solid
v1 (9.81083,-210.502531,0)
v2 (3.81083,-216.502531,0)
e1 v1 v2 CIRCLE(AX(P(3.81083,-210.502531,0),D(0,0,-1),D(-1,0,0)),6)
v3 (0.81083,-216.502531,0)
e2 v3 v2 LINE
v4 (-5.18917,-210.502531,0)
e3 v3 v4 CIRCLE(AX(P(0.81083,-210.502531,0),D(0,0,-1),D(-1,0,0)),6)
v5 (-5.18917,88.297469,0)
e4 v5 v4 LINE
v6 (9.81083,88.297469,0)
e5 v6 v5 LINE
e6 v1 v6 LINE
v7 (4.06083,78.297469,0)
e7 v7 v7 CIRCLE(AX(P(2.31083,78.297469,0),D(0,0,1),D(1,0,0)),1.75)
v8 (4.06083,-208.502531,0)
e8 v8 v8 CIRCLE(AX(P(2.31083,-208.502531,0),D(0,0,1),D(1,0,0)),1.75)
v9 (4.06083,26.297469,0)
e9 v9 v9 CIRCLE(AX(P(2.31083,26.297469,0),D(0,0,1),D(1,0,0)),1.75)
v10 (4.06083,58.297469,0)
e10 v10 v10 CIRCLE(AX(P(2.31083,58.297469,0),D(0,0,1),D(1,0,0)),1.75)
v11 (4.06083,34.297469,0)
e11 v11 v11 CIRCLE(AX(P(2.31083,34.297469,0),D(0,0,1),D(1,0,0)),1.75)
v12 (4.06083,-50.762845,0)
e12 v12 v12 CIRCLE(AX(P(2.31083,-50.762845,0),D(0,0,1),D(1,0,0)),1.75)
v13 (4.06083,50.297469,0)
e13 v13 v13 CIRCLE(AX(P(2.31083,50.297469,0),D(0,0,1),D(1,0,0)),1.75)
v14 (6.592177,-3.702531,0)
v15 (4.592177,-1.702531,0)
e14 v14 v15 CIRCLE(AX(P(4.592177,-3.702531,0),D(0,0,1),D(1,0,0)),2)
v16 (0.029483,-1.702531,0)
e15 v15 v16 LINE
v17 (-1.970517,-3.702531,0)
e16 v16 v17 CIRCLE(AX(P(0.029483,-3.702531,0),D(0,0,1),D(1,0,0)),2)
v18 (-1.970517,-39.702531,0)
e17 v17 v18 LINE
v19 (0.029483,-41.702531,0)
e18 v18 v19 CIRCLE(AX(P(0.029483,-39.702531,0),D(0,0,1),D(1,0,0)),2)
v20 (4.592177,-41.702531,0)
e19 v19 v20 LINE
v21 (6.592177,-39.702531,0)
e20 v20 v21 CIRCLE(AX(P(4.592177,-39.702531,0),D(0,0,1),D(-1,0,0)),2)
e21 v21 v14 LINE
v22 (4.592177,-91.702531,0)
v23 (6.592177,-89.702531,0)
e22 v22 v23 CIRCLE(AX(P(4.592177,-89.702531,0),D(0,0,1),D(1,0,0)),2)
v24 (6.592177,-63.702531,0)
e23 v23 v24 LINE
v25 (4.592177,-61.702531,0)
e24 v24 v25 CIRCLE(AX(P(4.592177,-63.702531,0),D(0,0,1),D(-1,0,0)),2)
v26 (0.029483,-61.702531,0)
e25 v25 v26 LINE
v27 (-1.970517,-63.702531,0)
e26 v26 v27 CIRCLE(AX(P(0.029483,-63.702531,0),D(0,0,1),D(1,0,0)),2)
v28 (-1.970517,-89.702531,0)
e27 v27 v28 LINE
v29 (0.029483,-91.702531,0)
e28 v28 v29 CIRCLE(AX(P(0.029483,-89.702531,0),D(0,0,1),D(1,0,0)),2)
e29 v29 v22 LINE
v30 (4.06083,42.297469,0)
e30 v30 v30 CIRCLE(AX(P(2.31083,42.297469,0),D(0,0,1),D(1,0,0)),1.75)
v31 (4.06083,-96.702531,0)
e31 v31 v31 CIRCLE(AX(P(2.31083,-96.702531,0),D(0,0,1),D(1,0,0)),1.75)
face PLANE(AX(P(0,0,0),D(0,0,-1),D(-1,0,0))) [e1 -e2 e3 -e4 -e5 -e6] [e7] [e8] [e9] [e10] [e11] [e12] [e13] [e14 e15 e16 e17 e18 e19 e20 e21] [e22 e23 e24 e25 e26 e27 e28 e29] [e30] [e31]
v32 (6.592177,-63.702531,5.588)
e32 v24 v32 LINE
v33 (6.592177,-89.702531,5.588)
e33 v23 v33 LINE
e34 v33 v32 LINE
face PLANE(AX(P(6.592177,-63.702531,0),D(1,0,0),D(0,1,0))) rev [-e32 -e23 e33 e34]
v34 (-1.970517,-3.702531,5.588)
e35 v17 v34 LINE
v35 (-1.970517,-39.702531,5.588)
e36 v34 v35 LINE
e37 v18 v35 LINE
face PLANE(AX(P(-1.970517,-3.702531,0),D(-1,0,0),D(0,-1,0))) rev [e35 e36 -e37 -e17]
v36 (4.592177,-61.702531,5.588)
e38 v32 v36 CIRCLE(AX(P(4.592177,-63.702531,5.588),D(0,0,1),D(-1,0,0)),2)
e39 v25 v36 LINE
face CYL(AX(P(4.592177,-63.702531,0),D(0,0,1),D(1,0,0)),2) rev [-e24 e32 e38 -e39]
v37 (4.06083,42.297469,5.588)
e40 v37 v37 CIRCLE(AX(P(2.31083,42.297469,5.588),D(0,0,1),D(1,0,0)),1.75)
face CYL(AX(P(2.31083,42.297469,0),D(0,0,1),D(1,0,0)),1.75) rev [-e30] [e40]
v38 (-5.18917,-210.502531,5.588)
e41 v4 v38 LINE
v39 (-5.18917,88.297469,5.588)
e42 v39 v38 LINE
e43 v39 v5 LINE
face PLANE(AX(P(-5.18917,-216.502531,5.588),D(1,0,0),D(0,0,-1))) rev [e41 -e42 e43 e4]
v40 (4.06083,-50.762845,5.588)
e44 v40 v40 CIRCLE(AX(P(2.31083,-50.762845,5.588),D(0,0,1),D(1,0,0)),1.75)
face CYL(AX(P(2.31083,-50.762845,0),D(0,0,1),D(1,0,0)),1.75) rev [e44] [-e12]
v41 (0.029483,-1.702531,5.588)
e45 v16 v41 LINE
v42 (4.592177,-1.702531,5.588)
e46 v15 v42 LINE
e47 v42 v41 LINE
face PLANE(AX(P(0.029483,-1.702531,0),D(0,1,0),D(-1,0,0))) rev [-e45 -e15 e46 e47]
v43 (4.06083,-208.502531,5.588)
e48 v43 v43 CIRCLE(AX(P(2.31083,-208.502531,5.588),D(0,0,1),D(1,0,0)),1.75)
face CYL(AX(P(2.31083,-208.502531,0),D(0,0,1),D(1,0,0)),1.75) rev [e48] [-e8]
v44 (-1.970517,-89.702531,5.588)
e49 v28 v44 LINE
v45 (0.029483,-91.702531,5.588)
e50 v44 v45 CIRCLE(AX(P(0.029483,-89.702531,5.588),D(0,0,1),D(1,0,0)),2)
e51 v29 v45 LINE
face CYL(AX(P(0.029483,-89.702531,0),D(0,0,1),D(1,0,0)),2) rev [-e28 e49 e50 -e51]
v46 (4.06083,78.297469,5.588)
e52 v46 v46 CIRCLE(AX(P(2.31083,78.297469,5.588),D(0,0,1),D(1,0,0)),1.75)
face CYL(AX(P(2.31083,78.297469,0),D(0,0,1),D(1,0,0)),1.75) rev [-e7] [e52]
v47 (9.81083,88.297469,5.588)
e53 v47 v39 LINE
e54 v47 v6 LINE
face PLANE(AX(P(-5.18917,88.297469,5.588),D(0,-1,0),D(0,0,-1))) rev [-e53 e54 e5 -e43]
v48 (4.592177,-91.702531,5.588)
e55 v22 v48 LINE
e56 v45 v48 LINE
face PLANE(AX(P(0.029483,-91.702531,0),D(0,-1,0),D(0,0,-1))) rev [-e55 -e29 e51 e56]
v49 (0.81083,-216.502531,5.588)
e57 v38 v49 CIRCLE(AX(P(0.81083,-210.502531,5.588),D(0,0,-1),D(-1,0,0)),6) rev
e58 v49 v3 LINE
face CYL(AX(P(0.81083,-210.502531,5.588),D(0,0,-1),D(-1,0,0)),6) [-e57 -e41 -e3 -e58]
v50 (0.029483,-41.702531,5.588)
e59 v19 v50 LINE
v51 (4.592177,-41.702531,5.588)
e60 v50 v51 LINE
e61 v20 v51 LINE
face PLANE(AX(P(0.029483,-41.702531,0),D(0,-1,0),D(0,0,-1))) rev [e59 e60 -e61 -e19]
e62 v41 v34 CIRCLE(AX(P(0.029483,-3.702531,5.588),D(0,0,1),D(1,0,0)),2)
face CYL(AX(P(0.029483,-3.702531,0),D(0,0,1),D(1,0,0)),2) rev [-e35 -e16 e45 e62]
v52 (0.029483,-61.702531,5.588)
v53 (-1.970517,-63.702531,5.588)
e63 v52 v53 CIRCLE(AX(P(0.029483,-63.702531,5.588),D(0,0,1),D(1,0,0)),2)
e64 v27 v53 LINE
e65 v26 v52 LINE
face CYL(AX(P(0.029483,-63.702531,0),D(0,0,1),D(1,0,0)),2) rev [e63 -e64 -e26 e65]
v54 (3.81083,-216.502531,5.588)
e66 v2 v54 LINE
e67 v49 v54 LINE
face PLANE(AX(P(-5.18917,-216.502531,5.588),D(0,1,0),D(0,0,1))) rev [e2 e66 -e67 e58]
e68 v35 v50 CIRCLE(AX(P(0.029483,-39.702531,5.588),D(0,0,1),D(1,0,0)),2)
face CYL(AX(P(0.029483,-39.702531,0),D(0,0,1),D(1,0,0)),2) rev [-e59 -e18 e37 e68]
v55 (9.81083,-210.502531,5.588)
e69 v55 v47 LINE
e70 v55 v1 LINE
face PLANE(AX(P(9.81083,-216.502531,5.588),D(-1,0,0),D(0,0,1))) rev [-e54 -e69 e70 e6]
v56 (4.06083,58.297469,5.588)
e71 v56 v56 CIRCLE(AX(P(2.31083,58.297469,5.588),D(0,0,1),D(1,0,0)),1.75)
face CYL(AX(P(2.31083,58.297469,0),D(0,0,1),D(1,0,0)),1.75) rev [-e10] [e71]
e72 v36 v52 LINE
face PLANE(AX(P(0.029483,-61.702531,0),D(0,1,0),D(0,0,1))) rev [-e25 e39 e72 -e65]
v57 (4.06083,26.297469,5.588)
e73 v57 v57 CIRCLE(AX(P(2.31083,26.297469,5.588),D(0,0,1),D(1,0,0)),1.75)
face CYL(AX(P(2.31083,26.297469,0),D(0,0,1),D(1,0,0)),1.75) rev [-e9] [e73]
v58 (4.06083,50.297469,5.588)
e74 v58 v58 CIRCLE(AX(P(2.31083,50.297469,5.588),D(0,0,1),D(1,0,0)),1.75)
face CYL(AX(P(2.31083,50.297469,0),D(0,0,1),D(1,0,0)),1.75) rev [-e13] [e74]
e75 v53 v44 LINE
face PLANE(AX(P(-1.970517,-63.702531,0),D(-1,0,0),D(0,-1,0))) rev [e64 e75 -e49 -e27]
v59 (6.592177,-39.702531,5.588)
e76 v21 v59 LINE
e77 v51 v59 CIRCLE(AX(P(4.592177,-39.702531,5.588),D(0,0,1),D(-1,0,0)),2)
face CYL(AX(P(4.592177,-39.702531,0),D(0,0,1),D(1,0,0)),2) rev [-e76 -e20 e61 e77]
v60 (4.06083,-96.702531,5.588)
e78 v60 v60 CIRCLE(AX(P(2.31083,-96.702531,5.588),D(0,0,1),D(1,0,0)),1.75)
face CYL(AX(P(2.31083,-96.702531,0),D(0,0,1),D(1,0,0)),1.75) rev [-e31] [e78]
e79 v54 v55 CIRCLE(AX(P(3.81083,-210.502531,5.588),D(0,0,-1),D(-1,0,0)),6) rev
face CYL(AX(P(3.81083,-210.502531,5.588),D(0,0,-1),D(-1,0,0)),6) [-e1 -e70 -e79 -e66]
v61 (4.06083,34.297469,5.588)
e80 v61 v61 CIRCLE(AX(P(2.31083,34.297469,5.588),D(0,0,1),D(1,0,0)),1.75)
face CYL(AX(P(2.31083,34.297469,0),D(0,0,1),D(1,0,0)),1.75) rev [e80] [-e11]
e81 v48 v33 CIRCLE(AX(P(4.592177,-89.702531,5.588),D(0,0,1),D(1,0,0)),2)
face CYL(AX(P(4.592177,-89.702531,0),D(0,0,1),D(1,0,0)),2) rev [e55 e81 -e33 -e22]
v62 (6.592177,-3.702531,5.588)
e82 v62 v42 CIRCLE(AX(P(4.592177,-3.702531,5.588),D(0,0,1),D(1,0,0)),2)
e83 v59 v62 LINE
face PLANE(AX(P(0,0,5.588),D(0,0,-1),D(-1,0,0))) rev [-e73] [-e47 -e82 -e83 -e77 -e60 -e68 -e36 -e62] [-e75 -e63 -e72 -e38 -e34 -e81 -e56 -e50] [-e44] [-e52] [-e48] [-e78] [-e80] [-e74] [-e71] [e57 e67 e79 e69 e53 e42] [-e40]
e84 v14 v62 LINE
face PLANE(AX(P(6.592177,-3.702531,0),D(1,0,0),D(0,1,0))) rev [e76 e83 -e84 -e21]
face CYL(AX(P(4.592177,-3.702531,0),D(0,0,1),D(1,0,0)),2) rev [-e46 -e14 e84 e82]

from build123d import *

# Parameters (mm, degrees)
SKETCH1_W           = 15
SKETCH1_H           = 304.8
BOSS_EXTRUDE1_DEPTH = 5.588
SKETCH2_R           = 1.75
CUT_EXTRUDE1_DEPTH  = 217.796734309
SKETCH3_R           = 1.75
CUT_EXTRUDE2_DEPTH  = 217.796734309
FILLET1_R           = 6


with BuildPart() as part:
    # Sketch1 → Boss-Extrude1 (new body)
    with BuildSketch(Plane.XY):
        with Locations((2.310829902, -64.102530885)):
            Rectangle(SKETCH1_W, SKETCH1_H)
    extrude(amount=BOSS_EXTRUDE1_DEPTH)

    # Sketch2 → Cut-Extrude1 (cut, through all)
    with BuildSketch(Plane.XY.offset(5.588)):
        with Locations((2.310829902, 78.297469115)):
            Circle(SKETCH2_R)
        with Locations((2.310829902, 58.297469115)):
            Circle(SKETCH2_R)
        with Locations((2.310829902, 50.297469115)):
            Circle(SKETCH2_R)
        with Locations((2.310829902, 42.297469115)):
            Circle(SKETCH2_R)
        with Locations((2.310829902, 34.297469115)):
            Circle(SKETCH2_R)
        with Locations((2.310829902, 26.297469115)):
            Circle(SKETCH2_R)
        with Locations((2.310829902, -50.762845209)):
            Circle(SKETCH2_R)
        with Locations((2.310829902, -96.702530885)):
            Circle(SKETCH2_R)
        with BuildLine():
            Line((0.029482749, -1.702530885), (4.592177054, -1.702530885))
            ThreePointArc((4.592177054, -1.702530885), (6.006390617, -2.288317323), (6.592177054, -3.702530885))
            Line((6.592177054, -3.702530885), (6.592177054, -39.702530885))
            ThreePointArc((6.592177054, -39.702530885), (6.006390617, -41.116744448), (4.592177054, -41.702530885))
            Line((4.592177054, -41.702530885), (0.029482749, -41.702530885))
            ThreePointArc((0.029482749, -41.702530885), (-1.384730813, -41.116744448), (-1.970517251, -39.702530885))
            Line((-1.970517251, -39.702530885), (-1.970517251, -3.702530885))
            ThreePointArc((-1.970517251, -3.702530885), (-1.384730813, -2.288317323), (0.029482749, -1.702530885))
        make_face()
        with BuildLine():
            Line((0.029482749, -61.702530885), (4.592177054, -61.702530885))
            ThreePointArc((4.592177054, -61.702530885), (6.006390617, -62.288317323), (6.592177054, -63.702530885))
            Line((6.592177054, -63.702530885), (6.592177054, -89.702530885))
            ThreePointArc((6.592177054, -89.702530885), (6.006390617, -91.116744448), (4.592177054, -91.702530885))
            Line((4.592177054, -91.702530885), (0.029482749, -91.702530885))
            ThreePointArc((0.029482749, -91.702530885), (-1.384730813, -91.116744448), (-1.970517251, -89.702530885))
            Line((-1.970517251, -89.702530885), (-1.970517251, -63.702530885))
            ThreePointArc((-1.970517251, -63.702530885), (-1.384730813, -62.288317323), (0.029482749, -61.702530885))
        make_face()
    extrude(amount=-CUT_EXTRUDE1_DEPTH, mode=Mode.SUBTRACT)

    # Sketch3 → Cut-Extrude2 (cut, through all)
    with BuildSketch(Plane.XY.offset(5.588)):
        with Locations((2.310829902, -208.502530885)):
            Circle(SKETCH3_R)
    extrude(amount=-CUT_EXTRUDE2_DEPTH, mode=Mode.SUBTRACT)

    # Fillet1
    fillet1_edges = [part.edges().sort_by_distance(p)[0] for p in [
        (9.810829902, -216.502530885, 2.794),
        (-5.189170098, -216.502530885, 2.794),
    ]]
    fillet(fillet1_edges, radius=FILLET1_R)


solid = part.part
